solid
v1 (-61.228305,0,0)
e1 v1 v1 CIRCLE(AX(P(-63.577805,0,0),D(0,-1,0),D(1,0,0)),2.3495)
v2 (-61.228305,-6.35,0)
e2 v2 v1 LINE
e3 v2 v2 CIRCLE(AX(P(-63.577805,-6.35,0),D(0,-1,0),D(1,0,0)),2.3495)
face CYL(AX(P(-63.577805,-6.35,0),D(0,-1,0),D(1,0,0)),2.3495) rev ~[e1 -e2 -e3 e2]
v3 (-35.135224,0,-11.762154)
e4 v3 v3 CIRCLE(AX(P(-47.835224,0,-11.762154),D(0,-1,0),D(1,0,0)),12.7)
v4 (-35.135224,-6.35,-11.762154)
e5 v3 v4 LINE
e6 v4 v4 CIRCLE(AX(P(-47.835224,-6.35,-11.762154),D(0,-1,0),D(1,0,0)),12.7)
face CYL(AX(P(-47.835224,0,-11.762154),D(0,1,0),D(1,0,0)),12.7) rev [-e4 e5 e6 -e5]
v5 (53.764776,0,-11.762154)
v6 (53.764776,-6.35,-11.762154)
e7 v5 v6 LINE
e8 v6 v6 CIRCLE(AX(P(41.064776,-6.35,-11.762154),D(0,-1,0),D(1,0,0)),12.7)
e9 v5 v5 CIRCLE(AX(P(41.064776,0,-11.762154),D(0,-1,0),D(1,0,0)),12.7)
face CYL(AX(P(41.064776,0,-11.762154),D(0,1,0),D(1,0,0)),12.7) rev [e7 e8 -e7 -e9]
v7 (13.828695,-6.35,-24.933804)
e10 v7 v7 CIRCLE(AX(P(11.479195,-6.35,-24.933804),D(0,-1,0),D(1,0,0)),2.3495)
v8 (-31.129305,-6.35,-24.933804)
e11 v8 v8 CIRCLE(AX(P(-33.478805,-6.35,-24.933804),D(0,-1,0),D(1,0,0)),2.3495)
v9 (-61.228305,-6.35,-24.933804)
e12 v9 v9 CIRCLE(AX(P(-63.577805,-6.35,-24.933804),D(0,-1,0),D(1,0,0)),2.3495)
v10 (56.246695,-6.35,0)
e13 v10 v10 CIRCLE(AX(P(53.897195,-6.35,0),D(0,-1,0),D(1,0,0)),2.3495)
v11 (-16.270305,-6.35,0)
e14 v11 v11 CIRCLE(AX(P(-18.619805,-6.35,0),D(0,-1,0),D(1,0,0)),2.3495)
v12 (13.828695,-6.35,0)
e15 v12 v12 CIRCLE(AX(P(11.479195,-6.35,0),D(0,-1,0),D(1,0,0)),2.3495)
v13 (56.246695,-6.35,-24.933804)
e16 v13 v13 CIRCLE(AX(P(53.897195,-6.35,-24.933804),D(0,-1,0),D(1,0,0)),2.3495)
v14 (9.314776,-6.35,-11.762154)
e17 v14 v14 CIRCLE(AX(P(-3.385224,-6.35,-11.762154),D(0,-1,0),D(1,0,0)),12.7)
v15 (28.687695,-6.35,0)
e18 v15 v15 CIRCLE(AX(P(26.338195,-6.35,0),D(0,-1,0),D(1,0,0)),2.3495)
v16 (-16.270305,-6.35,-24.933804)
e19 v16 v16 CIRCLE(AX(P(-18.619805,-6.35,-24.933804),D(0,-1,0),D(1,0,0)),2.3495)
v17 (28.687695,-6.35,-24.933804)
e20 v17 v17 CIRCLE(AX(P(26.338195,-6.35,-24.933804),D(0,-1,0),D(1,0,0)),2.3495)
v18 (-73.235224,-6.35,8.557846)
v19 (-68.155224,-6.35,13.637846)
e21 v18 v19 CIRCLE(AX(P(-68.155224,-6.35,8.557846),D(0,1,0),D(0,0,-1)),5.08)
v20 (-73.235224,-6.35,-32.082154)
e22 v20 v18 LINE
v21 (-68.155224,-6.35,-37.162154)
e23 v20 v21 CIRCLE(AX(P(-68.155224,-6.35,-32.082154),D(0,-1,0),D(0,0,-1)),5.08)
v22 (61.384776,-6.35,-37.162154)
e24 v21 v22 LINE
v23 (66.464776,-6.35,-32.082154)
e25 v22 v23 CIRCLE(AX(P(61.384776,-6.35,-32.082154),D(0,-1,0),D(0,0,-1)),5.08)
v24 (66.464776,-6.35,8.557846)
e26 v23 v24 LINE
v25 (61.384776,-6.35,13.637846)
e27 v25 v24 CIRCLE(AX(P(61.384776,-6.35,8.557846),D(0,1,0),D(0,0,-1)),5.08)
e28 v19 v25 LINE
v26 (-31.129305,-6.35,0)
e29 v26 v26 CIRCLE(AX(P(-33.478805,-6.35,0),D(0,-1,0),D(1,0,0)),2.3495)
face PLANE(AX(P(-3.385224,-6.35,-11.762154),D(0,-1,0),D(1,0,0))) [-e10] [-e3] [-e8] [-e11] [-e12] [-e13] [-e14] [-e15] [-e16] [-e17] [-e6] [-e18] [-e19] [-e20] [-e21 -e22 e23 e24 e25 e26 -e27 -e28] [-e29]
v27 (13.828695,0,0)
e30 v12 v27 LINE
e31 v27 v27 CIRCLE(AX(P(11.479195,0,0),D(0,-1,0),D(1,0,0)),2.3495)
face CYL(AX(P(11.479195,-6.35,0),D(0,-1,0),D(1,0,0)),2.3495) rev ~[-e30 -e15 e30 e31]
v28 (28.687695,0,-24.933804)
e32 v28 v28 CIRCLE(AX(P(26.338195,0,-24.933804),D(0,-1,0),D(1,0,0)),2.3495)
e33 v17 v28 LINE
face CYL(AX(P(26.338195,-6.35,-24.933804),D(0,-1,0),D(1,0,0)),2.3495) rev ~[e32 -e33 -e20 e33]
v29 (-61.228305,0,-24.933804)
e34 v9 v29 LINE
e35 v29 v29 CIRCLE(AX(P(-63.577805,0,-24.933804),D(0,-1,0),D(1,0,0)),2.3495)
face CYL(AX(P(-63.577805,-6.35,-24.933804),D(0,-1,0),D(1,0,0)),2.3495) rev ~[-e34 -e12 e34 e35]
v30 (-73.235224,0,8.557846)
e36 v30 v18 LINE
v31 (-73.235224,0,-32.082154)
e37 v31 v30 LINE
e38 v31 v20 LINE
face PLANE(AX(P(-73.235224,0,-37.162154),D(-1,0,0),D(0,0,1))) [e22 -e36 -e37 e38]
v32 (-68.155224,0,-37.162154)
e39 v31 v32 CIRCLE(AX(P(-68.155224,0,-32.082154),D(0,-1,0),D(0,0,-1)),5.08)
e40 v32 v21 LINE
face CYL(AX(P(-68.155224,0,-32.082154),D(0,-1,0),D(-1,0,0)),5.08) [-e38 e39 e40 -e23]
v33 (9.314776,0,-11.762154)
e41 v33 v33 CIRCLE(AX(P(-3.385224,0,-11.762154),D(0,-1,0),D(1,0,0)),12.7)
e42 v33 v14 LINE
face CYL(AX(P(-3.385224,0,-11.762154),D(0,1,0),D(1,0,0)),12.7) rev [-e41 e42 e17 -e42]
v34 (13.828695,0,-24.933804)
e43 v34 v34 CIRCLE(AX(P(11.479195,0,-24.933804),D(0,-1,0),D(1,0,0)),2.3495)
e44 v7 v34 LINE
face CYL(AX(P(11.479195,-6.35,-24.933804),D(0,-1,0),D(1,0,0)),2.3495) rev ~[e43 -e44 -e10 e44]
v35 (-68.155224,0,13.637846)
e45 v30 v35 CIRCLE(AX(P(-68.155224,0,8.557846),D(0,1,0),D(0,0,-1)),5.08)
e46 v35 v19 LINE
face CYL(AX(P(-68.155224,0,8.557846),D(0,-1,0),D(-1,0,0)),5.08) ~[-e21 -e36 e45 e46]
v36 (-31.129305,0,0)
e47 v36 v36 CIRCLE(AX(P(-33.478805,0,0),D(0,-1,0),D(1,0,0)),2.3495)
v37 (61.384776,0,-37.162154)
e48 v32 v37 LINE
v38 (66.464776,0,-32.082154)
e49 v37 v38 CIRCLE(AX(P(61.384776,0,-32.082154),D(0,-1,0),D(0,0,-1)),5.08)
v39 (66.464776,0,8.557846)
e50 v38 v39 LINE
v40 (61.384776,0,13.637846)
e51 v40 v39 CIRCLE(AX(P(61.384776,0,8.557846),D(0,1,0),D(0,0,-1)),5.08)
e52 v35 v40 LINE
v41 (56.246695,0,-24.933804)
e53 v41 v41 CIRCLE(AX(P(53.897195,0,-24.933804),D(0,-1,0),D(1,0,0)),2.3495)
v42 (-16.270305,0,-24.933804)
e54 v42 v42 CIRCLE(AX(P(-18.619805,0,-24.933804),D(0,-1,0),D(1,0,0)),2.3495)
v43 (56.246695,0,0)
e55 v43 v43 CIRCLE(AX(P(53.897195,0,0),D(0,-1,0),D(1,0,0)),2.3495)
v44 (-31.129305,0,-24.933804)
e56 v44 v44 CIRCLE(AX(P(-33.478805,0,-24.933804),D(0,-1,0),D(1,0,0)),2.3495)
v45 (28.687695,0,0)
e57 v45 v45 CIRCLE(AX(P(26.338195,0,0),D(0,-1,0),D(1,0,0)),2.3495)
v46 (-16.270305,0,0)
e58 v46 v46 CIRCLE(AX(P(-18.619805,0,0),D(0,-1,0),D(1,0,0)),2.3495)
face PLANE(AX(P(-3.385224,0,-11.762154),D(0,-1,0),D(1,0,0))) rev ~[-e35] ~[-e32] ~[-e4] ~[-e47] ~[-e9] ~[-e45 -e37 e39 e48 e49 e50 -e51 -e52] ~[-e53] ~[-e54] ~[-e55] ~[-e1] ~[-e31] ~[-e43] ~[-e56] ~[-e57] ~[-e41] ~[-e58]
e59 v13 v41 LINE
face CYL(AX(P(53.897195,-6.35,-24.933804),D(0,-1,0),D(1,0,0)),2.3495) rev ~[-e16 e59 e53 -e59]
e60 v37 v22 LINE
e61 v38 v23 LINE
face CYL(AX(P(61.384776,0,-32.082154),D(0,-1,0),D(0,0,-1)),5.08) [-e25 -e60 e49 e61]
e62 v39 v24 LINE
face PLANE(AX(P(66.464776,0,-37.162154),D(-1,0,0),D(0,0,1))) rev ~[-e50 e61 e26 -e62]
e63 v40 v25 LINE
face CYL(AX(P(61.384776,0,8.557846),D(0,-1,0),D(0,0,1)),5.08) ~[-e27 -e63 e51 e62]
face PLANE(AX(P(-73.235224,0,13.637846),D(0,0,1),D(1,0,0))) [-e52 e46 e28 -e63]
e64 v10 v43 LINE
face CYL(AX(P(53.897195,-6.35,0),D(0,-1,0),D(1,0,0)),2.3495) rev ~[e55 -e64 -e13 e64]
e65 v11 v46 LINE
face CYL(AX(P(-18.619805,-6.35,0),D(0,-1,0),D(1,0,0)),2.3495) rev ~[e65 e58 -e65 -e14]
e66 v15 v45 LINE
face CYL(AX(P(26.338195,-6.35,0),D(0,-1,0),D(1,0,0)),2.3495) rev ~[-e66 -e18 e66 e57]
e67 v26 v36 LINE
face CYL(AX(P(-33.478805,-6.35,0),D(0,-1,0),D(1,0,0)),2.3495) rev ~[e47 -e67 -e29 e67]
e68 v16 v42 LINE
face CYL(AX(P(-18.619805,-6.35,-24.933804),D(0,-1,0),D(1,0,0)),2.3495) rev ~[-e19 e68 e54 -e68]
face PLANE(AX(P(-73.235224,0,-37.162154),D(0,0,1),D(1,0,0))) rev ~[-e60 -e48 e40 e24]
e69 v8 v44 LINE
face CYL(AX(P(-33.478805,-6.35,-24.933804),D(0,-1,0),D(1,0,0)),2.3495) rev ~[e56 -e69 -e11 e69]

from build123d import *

# Parameters (mm, degrees)
F0_W          = 139.7
F0_H          = 50.8
F0_R          = 12.7
F1_DEPTH      = 6.35
F2_R          = 5.08
F3_R          = 2.3495
F4_DEPTH      = 25.4
F4_DEPTH_BACK = 25.4


with BuildPart() as f1:
    # F0 (on Front) → F1 (new body)
    with BuildSketch(Plane.XZ):
        with Locations((-3.385224, -11.762154)):
            Rectangle(F0_W, F0_H)
        with Locations((-47.835224, -11.762154)):
            Circle(F0_R, mode=Mode.SUBTRACT)
        with Locations((-3.385224, -11.762154)):
            Circle(F0_R, mode=Mode.SUBTRACT)
        with Locations((41.064776, -11.762154)):
            Circle(F0_R, mode=Mode.SUBTRACT)
    extrude(amount=F1_DEPTH)

    # F2
    f2_edges = [f1.edges().sort_by_distance(p)[0] for p in [
        (-73.235224, -3.175, 13.637846),
        (66.464776, -3.175, 13.637846),
        (66.464776, -3.175, -37.162154),
        (-73.235224, -3.175, -37.162154),
    ]]
    fillet(f2_edges, radius=F2_R)

    # F3 (on face) → F4 (cut, two sides)
    with BuildSketch(Plane.XZ.offset(6.35)) as f4_sk:
        with Locations((-63.577805, 0)):
            Circle(F3_R)
        with Locations((-33.478805, 0)):
            Circle(F3_R)
        with Locations((-63.577805, -24.933804)):
            Circle(F3_R)
        with Locations((-33.478805, -24.933804)):
            Circle(F3_R)
        with Locations((-18.619805, 0)):
            Circle(F3_R)
        with Locations((11.479195, 0)):
            Circle(F3_R)
        with Locations((-18.619805, -24.933804)):
            Circle(F3_R)
        with Locations((11.479195, -24.933804)):
            Circle(F3_R)
        with Locations((26.338195, 0)):
            Circle(F3_R)
        with Locations((53.897195, 0)):
            Circle(F3_R)
        with Locations((26.338195, -24.933804)):
            Circle(F3_R)
        with Locations((53.897195, -24.933804)):
            Circle(F3_R)
    extrude(amount=-F4_DEPTH, mode=Mode.SUBTRACT)
    extrude(f4_sk.sketch, amount=-F4_DEPTH_BACK, mode=Mode.SUBTRACT)


solid = f1.part
